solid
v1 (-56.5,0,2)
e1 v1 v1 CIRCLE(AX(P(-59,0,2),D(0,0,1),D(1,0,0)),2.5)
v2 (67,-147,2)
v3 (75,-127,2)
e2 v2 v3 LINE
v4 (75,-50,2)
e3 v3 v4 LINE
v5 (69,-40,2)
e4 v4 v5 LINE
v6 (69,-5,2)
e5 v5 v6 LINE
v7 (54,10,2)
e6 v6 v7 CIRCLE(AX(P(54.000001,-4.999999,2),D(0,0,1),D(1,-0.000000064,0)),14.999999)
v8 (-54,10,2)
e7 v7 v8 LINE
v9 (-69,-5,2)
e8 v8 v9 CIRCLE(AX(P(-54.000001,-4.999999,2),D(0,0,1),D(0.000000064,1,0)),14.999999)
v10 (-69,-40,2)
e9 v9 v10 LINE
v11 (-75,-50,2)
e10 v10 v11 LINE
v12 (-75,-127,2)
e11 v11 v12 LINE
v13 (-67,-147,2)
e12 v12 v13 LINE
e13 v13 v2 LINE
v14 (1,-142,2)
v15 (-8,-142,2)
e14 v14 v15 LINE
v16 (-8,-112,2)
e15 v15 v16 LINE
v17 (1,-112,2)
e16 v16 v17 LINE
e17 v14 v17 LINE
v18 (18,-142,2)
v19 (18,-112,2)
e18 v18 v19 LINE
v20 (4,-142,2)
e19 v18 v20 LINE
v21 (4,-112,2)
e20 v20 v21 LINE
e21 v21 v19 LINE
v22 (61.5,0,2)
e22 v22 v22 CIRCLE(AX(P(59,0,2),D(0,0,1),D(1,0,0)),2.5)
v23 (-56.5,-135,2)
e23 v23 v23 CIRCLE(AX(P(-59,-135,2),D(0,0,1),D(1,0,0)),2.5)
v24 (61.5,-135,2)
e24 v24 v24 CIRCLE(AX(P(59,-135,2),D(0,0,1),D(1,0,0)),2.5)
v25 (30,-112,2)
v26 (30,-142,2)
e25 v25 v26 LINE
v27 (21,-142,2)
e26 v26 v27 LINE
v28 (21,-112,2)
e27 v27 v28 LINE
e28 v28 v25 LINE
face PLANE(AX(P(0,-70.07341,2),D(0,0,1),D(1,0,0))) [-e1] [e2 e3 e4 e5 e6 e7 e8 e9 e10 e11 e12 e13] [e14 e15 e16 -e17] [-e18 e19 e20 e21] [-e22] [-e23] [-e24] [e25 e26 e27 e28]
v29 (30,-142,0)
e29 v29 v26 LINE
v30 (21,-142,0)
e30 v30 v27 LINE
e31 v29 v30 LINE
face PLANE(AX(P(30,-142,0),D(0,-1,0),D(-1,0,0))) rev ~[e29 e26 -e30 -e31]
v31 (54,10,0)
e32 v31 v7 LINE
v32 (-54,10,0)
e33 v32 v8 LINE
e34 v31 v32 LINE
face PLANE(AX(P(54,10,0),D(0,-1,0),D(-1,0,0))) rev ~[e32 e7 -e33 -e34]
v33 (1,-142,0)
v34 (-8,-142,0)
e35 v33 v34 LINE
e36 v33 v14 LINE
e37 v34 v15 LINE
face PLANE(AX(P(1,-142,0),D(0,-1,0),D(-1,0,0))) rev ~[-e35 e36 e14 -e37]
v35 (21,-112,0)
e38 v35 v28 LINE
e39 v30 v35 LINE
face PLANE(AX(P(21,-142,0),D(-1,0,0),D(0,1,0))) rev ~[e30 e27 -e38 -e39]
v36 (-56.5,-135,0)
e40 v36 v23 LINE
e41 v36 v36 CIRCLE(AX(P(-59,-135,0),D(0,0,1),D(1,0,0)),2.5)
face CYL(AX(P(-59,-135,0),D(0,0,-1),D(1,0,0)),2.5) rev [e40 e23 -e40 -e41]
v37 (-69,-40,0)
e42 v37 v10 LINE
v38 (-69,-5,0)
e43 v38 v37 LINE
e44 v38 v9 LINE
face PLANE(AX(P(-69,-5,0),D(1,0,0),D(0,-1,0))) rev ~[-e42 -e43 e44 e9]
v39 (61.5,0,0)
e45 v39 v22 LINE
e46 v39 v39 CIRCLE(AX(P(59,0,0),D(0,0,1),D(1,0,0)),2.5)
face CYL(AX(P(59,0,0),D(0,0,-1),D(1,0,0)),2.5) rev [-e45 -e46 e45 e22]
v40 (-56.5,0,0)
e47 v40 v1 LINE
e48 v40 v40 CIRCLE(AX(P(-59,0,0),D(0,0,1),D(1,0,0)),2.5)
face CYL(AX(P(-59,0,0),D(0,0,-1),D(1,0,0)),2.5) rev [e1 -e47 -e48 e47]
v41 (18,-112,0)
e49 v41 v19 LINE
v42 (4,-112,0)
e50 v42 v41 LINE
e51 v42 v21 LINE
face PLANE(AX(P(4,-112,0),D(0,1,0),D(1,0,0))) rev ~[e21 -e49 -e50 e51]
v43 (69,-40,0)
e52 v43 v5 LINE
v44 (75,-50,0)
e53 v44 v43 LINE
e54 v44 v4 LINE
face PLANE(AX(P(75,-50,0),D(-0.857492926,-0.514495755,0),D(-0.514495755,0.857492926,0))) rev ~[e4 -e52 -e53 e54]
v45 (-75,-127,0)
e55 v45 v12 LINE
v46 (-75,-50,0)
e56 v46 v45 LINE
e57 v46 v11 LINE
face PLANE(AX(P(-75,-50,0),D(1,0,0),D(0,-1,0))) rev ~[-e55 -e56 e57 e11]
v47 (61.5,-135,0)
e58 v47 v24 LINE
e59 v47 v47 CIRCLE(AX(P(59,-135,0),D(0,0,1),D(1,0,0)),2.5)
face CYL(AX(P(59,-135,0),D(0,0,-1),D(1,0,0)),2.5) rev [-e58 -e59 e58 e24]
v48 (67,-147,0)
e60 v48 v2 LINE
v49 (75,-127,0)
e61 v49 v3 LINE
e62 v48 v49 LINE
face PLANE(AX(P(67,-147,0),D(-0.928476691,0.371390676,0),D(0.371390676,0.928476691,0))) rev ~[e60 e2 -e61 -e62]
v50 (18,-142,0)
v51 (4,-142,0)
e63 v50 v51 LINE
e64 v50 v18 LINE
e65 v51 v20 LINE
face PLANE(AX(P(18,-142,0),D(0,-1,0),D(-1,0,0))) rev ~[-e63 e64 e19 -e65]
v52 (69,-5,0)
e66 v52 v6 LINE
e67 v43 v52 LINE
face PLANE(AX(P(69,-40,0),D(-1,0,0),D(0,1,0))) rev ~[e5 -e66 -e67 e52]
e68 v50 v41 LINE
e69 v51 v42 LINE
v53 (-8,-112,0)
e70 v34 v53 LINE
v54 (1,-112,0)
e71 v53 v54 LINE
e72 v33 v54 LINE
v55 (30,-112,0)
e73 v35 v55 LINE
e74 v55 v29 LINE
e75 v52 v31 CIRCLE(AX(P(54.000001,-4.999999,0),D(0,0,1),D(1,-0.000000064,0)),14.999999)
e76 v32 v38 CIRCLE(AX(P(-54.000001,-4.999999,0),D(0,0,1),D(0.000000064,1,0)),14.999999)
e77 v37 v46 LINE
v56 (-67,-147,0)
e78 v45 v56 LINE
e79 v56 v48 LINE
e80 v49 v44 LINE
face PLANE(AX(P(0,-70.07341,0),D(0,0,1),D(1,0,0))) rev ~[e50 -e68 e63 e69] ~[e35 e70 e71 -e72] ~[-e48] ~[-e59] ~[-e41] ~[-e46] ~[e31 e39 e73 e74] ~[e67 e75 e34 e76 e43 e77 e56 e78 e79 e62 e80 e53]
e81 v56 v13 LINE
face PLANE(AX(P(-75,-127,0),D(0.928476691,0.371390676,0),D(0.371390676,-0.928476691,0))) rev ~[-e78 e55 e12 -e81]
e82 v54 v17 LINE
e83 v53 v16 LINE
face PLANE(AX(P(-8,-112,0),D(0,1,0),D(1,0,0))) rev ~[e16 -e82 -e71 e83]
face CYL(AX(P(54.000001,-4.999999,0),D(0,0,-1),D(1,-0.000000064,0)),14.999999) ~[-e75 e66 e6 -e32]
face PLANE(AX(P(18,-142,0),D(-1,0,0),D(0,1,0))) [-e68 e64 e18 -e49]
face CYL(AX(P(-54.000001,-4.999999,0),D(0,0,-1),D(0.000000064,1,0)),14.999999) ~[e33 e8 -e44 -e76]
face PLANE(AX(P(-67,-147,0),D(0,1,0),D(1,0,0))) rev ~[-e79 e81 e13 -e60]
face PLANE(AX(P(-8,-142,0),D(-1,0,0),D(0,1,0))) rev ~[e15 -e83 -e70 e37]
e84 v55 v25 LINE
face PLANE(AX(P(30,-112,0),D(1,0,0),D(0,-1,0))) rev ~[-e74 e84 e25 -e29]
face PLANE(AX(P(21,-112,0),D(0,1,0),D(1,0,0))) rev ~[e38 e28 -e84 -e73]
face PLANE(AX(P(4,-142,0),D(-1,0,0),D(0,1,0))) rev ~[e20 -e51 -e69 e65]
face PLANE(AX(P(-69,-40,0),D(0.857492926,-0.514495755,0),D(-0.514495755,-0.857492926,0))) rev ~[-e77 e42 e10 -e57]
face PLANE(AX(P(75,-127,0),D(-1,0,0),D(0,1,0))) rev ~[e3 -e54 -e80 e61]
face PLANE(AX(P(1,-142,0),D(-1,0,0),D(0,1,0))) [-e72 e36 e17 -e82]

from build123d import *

# Parameters (mm, degrees)
F0_R     = 2.5
F0_W     = 3
F0_H     = 30
F1_DEPTH = 2


with BuildPart() as f1:
    # F0 (on Top) → F1 (new body)
    with BuildSketch(Plane.XY):
        with BuildLine():
            Line((54, 10), (0, 10))
            Line((0, 10), (-54, 10))
            ThreePointArc((-54, 10), (-64.606602, 5.606602), (-69, -5))
            Line((-69, -5), (-69, -40))
            Line((-69, -40), (-75, -50))
            Line((-75, -50), (-75, -127))
            Line((-75, -127), (-67, -147))
            Line((-67, -147), (0, -147))
            Line((0, -147), (67, -147))
            Line((67, -147), (75, -127))
            Line((75, -127), (75, -50))
            Line((75, -50), (69, -40))
            Line((69, -40), (69, -5))
            ThreePointArc((69, -5), (64.606602, 5.606602), (54, 10))
        make_face()
        with Locations((-59, -135)):
            Circle(F0_R, mode=Mode.SUBTRACT)
        Polygon((30, -112), (30, -142), (21, -142), (18, -142), (4, -142), (1, -142), (-8, -142), (-8, -112), (1, -112), (4, -112), (18, -112), (21, -112), align=None, mode=Mode.SUBTRACT)
        with Locations((59, -135)):
            Circle(F0_R, mode=Mode.SUBTRACT)
        with Locations((-59, 0)):
            Circle(F0_R, mode=Mode.SUBTRACT)
        with Locations((59, 0)):
            Circle(F0_R, mode=Mode.SUBTRACT)
        with Locations((2.5, -127)):
            Rectangle(F0_W, F0_H)
        with Locations((19.5, -127)):
            Rectangle(F0_W, F0_H)
    extrude(amount=F1_DEPTH)


solid = f1.part
